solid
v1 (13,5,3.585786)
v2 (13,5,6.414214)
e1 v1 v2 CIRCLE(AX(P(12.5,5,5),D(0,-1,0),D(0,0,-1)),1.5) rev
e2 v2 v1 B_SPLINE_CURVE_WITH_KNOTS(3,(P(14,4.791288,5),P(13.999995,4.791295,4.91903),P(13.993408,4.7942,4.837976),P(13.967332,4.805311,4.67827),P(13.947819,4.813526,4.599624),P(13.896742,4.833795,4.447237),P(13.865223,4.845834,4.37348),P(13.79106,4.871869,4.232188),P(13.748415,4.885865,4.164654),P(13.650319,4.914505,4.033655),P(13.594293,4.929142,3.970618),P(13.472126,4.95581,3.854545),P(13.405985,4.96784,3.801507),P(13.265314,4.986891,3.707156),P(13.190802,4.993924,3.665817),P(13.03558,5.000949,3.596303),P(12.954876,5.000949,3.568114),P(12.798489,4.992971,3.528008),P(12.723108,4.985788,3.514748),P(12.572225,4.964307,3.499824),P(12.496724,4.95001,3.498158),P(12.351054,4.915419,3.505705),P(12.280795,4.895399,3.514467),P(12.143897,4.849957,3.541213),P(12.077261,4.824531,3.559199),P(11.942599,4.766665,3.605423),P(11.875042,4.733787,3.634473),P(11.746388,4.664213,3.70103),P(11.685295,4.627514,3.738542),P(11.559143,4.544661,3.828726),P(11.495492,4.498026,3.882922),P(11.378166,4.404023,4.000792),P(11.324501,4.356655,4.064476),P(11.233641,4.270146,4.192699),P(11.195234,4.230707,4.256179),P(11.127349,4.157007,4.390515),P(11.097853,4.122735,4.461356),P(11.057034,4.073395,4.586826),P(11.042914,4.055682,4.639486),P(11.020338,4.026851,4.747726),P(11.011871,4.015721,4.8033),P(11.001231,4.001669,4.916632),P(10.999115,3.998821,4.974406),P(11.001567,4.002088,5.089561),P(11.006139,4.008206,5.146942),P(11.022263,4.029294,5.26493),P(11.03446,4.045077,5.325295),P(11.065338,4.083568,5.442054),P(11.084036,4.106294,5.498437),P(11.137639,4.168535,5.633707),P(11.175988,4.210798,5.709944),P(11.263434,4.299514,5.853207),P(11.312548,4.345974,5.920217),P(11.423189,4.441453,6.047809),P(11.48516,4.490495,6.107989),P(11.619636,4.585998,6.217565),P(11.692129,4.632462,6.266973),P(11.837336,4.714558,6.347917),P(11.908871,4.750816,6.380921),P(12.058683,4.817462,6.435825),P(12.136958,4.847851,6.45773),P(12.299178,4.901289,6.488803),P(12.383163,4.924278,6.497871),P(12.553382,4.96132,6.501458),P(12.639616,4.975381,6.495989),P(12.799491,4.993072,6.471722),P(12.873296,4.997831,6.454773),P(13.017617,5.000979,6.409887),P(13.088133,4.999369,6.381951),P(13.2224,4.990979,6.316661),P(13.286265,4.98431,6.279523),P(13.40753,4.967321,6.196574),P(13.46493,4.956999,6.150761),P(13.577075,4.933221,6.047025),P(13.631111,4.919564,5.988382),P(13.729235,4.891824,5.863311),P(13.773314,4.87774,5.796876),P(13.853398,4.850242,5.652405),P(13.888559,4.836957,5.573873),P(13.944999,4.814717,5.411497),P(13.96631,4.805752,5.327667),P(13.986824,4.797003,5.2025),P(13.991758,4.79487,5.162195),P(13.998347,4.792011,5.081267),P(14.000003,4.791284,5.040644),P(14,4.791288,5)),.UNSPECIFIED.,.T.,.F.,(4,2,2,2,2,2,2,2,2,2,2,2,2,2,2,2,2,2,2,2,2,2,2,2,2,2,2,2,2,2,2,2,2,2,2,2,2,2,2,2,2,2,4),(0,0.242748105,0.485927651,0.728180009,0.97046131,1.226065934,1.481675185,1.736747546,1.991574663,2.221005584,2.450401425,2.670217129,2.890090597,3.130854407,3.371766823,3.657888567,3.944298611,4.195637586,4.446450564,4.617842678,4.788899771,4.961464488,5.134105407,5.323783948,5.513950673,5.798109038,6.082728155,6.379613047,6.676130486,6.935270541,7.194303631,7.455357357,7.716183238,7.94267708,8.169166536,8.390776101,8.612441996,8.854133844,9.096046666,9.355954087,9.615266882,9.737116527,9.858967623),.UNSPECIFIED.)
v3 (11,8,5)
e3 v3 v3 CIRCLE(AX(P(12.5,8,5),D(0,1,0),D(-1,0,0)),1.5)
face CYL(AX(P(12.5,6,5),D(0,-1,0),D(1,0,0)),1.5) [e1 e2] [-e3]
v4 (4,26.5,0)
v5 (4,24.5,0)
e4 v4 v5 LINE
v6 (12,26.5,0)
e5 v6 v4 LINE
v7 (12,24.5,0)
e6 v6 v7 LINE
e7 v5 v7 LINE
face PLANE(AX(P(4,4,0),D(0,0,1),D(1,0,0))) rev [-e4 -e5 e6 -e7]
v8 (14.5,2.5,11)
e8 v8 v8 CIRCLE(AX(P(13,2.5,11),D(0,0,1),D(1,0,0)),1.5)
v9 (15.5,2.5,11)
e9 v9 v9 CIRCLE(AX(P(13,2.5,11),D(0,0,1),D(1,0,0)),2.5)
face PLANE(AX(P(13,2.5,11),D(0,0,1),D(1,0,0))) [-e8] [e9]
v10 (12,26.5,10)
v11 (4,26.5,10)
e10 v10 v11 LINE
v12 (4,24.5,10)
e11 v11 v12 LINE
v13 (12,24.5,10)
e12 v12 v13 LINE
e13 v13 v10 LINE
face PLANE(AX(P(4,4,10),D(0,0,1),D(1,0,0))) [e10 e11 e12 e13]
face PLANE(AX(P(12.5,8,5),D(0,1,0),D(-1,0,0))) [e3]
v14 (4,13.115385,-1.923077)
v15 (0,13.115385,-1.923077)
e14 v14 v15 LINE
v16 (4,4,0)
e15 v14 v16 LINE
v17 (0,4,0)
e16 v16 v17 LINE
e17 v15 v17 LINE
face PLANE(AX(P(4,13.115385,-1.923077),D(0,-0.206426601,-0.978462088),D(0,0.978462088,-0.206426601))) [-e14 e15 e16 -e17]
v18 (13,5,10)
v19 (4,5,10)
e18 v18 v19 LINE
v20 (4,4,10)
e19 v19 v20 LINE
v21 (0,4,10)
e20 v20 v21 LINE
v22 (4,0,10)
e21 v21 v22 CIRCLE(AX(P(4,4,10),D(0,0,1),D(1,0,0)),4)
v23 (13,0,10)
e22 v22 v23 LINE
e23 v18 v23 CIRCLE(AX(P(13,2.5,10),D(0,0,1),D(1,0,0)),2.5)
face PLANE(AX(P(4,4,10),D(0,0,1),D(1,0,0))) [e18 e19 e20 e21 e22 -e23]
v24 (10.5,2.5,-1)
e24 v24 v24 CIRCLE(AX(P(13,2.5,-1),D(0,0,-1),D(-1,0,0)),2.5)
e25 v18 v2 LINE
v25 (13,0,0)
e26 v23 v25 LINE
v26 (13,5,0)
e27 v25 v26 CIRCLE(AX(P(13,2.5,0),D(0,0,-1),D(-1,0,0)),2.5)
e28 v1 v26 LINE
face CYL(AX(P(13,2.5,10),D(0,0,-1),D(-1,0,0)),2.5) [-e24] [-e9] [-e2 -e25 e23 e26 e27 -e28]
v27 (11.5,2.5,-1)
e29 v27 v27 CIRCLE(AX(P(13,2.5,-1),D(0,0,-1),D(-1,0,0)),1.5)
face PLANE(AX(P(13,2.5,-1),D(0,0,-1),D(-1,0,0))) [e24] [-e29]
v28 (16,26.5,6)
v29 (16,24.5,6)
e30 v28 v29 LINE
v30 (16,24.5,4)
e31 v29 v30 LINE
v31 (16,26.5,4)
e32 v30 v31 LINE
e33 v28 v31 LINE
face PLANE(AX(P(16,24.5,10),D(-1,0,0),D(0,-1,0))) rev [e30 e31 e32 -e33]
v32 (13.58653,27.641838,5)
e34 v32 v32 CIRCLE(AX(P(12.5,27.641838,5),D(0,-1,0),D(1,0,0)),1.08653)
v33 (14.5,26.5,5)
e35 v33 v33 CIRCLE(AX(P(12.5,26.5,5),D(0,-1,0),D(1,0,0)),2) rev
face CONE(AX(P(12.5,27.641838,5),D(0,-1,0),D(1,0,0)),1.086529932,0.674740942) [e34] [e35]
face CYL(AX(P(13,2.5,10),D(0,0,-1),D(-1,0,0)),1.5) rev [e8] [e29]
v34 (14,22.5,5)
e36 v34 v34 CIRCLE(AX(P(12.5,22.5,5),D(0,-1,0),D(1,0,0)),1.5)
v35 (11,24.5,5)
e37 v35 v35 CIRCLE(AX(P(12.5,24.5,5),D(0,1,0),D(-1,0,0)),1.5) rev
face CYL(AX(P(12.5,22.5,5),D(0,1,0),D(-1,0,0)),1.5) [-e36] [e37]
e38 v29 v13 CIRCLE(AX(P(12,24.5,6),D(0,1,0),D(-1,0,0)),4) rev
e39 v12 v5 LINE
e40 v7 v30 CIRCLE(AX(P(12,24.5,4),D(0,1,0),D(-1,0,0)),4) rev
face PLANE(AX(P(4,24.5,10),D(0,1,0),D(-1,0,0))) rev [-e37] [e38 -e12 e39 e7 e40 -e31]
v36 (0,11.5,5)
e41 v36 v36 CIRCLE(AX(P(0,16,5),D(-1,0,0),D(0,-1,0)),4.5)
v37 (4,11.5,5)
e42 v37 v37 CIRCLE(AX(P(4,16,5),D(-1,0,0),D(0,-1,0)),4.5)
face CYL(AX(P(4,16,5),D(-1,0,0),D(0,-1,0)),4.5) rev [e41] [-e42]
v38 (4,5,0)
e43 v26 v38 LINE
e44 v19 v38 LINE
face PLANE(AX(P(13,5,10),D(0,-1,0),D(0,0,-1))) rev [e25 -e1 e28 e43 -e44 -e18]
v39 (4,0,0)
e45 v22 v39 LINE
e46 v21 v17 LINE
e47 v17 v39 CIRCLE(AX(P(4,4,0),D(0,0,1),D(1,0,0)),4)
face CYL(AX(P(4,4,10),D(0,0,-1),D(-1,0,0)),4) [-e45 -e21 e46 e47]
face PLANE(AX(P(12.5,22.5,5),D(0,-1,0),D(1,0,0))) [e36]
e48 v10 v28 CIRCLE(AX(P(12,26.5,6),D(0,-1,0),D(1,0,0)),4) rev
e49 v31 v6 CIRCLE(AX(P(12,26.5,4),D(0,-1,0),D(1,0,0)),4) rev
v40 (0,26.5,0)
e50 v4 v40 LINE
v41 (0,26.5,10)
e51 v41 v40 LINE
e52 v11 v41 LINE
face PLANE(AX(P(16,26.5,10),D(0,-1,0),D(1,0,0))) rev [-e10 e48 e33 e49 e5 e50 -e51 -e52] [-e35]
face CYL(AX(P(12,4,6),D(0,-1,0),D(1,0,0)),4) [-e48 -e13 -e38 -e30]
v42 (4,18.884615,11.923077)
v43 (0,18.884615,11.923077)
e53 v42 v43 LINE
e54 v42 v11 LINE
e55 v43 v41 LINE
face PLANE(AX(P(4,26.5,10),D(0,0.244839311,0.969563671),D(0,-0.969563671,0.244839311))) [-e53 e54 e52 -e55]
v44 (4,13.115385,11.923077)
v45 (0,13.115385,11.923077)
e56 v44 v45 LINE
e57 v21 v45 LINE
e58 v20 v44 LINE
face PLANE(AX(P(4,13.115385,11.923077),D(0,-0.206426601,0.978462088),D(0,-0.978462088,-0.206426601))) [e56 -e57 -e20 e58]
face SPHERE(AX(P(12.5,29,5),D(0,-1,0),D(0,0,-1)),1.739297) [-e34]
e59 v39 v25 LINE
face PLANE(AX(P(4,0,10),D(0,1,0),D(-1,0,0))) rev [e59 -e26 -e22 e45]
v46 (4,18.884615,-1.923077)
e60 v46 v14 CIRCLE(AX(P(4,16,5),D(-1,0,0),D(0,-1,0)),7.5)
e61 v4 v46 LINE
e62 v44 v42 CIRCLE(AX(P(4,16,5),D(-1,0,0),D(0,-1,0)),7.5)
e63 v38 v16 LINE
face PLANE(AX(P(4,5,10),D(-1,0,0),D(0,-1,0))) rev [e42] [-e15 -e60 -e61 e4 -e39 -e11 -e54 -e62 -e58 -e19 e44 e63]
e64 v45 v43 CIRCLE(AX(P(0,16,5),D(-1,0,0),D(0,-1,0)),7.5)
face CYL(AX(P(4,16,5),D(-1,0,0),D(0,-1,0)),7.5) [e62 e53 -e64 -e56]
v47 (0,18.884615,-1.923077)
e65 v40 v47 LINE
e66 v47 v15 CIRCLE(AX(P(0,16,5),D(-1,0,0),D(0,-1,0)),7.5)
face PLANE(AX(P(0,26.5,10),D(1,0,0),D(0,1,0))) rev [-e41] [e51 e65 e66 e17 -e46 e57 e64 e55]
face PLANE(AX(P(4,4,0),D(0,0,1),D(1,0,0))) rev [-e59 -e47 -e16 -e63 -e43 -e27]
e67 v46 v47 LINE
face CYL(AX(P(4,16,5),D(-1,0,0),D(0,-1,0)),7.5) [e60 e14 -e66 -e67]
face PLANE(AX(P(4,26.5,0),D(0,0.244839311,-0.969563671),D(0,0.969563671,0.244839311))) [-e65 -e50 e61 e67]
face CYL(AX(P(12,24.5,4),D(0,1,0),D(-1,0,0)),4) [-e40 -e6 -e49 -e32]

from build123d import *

# Parameters (mm, degrees)
SKETCH_1_R          = 1.5
EXTRUDE_1_DEPTH     = 10
EXTRUDE_START       = 1
SKETCH_2_R          = 2.5
SKETCH_2_R_2        = 1.5
EXTRUDE_2_DEPTH     = 1
SKETCH_3_R          = 2.5
SKETCH_3_R_2        = 1.5
EXTRUDE_3_DEPTH     = 1
FILLET_1_R          = 4
SKETCH_6_R          = 1.5
EXTRUDE_4_DEPTH     = 2
SKETCH_7_R          = 1.5
EXTRUDE_5_DEPTH     = 1
EXTRUDE_START_2     = 2
SKETCH_8_R          = 1.5
EXTRUDE_6_DEPTH     = 2
EXTRUDE_7_DEPTH     = 4
SKETCH_10_R         = 4.5
CUT_EXTRUDE_1_DEPTH = 4


with BuildPart() as part:
    # 草图1 → 凸台-拉伸1 (new body)
    with BuildSketch(Plane.XY):
        with BuildLine():
            Line((4, 0), (13, 0))
            ThreePointArc((13, 0), (15.5, 2.5), (13, 5))
            Line((13, 5), (4, 5))
            Line((4, 5), (4, 24.5))
            Line((4, 24.5), (16, 24.5))
            Line((16, 24.5), (16, 26.5))
            Line((16, 26.5), (0, 26.5))
            Line((0, 26.5), (0, 4))
            ThreePointArc((0, 4), (1.171572875, 1.171572875), (4, 0))
        make_face()
        with Locations((13, 2.5)):
            Circle(SKETCH_1_R, mode=Mode.SUBTRACT)
    extrude(amount=EXTRUDE_1_DEPTH)

    # 草图2 → 凸台-拉伸2 (add)
    with BuildSketch(Plane(origin=(0, 0, 0), x_dir=(-1, 0, 0), z_dir=(0, 0, -1)).offset(EXTRUDE_START)):
        with Locations((-13, 2.5)):
            Circle(SKETCH_2_R)
        with Locations((-13, 2.5)):
            Circle(SKETCH_2_R_2, mode=Mode.SUBTRACT)
    extrude(amount=-EXTRUDE_2_DEPTH)

    # 草图3 → 凸台-拉伸3 (add)
    with BuildSketch(Plane.XY.offset(10)):
        with Locations(Location((13, 2.5, 0), (0, 0, 180))):
            Circle(SKETCH_3_R)
        with Locations(Location((13, 2.5, 0), (0, 0, 180))):
            Circle(SKETCH_3_R_2, mode=Mode.SUBTRACT)
    extrude(amount=EXTRUDE_3_DEPTH)

    # 圆角1
    fillet_1_edges = [part.edges().sort_by_distance(p)[0] for p in [
        (16, 25.5, 10),
        (16, 25.5, 0),
    ]]
    fillet(fillet_1_edges, radius=FILLET_1_R)

    # 草图6 → 凸台-拉伸4 (add)
    with BuildSketch(Plane.XZ.offset(-24.5)):
        with Locations(Location((12.5, 5, 0), (0, 0, 180))):
            Circle(SKETCH_6_R)
    extrude(amount=EXTRUDE_4_DEPTH)

    # 草图7 → 凸台-拉伸5 (add, symmetric)
    with BuildSketch(Plane(origin=(0, 5, 0), x_dir=(1, 0, 0), z_dir=(0, 1, 0))):
        with Locations(Location((12.5, -5, 0), (0, 0, 180))):
            Circle(SKETCH_7_R)
    extrude(amount=EXTRUDE_5_DEPTH, both=True)

    # 草图8 → 凸台-拉伸6 (add)
    with BuildSketch(Plane(origin=(0, 6, 0), x_dir=(1, 0, 0), z_dir=(0, 1, 0)).offset(EXTRUDE_START_2)):
        with Locations(Location((12.5, -5, 0), (0, 0, 180))):
            Circle(SKETCH_8_R)
    extrude(amount=-EXTRUDE_6_DEPTH)

    # 草图9 → 凸台-拉伸7 (add)
    with BuildSketch(Plane.ZY):
        with BuildLine():
            Line((10, 26.5), (11.923076923, 18.884615385))
            ThreePointArc((11.923076923, 18.884615385), (12.5, 16), (11.923076923, 13.115384615))
            Line((11.923076923, 13.115384615), (10, 4))
            Line((10, 4), (0, 4))
            Line((0, 4), (-1.923076923, 13.115384615))
            ThreePointArc((-1.923076923, 13.115384615), (-2.5, 16), (-1.923076923, 18.884615385))
            Line((-1.923076923, 18.884615385), (0, 26.5))
            Line((0, 26.5), (10, 26.5))
        make_face()
    extrude(amount=-EXTRUDE_7_DEPTH)

    # 草图10 → 切除-拉伸1 (cut)
    with BuildSketch(Plane.ZY):
        with Locations(Location((5, 16, 0), (0, 0, 270))):
            Circle(SKETCH_10_R)
    extrude(amount=-CUT_EXTRUDE_1_DEPTH, mode=Mode.SUBTRACT)

    # 草图11 → 旋转1 (revolve)
    with BuildSketch(Plane.ZY.offset(-12.5), mode=Mode.PRIVATE) as revolve_1_sk:
        with BuildLine():
            Line((5, 26.5), (3, 26.5))
            Line((3, 26.5), (3.913470068, 27.641837585))
            ThreePointArc((3.913470068, 27.641837585), (3.358750534, 29.575719227), (5, 30.739296536))
            Line((5, 30.739296536), (5, 29))
            Line((5, 29), (5, 26.5))
        make_face()
    revolve(revolve_1_sk.sketch.rotate(Axis((12.5, 29, 5), (0, 1, 0)), 340.52877936), axis=Axis((12.5, 29, 5), (0, 1, 0)))


solid = part.part
